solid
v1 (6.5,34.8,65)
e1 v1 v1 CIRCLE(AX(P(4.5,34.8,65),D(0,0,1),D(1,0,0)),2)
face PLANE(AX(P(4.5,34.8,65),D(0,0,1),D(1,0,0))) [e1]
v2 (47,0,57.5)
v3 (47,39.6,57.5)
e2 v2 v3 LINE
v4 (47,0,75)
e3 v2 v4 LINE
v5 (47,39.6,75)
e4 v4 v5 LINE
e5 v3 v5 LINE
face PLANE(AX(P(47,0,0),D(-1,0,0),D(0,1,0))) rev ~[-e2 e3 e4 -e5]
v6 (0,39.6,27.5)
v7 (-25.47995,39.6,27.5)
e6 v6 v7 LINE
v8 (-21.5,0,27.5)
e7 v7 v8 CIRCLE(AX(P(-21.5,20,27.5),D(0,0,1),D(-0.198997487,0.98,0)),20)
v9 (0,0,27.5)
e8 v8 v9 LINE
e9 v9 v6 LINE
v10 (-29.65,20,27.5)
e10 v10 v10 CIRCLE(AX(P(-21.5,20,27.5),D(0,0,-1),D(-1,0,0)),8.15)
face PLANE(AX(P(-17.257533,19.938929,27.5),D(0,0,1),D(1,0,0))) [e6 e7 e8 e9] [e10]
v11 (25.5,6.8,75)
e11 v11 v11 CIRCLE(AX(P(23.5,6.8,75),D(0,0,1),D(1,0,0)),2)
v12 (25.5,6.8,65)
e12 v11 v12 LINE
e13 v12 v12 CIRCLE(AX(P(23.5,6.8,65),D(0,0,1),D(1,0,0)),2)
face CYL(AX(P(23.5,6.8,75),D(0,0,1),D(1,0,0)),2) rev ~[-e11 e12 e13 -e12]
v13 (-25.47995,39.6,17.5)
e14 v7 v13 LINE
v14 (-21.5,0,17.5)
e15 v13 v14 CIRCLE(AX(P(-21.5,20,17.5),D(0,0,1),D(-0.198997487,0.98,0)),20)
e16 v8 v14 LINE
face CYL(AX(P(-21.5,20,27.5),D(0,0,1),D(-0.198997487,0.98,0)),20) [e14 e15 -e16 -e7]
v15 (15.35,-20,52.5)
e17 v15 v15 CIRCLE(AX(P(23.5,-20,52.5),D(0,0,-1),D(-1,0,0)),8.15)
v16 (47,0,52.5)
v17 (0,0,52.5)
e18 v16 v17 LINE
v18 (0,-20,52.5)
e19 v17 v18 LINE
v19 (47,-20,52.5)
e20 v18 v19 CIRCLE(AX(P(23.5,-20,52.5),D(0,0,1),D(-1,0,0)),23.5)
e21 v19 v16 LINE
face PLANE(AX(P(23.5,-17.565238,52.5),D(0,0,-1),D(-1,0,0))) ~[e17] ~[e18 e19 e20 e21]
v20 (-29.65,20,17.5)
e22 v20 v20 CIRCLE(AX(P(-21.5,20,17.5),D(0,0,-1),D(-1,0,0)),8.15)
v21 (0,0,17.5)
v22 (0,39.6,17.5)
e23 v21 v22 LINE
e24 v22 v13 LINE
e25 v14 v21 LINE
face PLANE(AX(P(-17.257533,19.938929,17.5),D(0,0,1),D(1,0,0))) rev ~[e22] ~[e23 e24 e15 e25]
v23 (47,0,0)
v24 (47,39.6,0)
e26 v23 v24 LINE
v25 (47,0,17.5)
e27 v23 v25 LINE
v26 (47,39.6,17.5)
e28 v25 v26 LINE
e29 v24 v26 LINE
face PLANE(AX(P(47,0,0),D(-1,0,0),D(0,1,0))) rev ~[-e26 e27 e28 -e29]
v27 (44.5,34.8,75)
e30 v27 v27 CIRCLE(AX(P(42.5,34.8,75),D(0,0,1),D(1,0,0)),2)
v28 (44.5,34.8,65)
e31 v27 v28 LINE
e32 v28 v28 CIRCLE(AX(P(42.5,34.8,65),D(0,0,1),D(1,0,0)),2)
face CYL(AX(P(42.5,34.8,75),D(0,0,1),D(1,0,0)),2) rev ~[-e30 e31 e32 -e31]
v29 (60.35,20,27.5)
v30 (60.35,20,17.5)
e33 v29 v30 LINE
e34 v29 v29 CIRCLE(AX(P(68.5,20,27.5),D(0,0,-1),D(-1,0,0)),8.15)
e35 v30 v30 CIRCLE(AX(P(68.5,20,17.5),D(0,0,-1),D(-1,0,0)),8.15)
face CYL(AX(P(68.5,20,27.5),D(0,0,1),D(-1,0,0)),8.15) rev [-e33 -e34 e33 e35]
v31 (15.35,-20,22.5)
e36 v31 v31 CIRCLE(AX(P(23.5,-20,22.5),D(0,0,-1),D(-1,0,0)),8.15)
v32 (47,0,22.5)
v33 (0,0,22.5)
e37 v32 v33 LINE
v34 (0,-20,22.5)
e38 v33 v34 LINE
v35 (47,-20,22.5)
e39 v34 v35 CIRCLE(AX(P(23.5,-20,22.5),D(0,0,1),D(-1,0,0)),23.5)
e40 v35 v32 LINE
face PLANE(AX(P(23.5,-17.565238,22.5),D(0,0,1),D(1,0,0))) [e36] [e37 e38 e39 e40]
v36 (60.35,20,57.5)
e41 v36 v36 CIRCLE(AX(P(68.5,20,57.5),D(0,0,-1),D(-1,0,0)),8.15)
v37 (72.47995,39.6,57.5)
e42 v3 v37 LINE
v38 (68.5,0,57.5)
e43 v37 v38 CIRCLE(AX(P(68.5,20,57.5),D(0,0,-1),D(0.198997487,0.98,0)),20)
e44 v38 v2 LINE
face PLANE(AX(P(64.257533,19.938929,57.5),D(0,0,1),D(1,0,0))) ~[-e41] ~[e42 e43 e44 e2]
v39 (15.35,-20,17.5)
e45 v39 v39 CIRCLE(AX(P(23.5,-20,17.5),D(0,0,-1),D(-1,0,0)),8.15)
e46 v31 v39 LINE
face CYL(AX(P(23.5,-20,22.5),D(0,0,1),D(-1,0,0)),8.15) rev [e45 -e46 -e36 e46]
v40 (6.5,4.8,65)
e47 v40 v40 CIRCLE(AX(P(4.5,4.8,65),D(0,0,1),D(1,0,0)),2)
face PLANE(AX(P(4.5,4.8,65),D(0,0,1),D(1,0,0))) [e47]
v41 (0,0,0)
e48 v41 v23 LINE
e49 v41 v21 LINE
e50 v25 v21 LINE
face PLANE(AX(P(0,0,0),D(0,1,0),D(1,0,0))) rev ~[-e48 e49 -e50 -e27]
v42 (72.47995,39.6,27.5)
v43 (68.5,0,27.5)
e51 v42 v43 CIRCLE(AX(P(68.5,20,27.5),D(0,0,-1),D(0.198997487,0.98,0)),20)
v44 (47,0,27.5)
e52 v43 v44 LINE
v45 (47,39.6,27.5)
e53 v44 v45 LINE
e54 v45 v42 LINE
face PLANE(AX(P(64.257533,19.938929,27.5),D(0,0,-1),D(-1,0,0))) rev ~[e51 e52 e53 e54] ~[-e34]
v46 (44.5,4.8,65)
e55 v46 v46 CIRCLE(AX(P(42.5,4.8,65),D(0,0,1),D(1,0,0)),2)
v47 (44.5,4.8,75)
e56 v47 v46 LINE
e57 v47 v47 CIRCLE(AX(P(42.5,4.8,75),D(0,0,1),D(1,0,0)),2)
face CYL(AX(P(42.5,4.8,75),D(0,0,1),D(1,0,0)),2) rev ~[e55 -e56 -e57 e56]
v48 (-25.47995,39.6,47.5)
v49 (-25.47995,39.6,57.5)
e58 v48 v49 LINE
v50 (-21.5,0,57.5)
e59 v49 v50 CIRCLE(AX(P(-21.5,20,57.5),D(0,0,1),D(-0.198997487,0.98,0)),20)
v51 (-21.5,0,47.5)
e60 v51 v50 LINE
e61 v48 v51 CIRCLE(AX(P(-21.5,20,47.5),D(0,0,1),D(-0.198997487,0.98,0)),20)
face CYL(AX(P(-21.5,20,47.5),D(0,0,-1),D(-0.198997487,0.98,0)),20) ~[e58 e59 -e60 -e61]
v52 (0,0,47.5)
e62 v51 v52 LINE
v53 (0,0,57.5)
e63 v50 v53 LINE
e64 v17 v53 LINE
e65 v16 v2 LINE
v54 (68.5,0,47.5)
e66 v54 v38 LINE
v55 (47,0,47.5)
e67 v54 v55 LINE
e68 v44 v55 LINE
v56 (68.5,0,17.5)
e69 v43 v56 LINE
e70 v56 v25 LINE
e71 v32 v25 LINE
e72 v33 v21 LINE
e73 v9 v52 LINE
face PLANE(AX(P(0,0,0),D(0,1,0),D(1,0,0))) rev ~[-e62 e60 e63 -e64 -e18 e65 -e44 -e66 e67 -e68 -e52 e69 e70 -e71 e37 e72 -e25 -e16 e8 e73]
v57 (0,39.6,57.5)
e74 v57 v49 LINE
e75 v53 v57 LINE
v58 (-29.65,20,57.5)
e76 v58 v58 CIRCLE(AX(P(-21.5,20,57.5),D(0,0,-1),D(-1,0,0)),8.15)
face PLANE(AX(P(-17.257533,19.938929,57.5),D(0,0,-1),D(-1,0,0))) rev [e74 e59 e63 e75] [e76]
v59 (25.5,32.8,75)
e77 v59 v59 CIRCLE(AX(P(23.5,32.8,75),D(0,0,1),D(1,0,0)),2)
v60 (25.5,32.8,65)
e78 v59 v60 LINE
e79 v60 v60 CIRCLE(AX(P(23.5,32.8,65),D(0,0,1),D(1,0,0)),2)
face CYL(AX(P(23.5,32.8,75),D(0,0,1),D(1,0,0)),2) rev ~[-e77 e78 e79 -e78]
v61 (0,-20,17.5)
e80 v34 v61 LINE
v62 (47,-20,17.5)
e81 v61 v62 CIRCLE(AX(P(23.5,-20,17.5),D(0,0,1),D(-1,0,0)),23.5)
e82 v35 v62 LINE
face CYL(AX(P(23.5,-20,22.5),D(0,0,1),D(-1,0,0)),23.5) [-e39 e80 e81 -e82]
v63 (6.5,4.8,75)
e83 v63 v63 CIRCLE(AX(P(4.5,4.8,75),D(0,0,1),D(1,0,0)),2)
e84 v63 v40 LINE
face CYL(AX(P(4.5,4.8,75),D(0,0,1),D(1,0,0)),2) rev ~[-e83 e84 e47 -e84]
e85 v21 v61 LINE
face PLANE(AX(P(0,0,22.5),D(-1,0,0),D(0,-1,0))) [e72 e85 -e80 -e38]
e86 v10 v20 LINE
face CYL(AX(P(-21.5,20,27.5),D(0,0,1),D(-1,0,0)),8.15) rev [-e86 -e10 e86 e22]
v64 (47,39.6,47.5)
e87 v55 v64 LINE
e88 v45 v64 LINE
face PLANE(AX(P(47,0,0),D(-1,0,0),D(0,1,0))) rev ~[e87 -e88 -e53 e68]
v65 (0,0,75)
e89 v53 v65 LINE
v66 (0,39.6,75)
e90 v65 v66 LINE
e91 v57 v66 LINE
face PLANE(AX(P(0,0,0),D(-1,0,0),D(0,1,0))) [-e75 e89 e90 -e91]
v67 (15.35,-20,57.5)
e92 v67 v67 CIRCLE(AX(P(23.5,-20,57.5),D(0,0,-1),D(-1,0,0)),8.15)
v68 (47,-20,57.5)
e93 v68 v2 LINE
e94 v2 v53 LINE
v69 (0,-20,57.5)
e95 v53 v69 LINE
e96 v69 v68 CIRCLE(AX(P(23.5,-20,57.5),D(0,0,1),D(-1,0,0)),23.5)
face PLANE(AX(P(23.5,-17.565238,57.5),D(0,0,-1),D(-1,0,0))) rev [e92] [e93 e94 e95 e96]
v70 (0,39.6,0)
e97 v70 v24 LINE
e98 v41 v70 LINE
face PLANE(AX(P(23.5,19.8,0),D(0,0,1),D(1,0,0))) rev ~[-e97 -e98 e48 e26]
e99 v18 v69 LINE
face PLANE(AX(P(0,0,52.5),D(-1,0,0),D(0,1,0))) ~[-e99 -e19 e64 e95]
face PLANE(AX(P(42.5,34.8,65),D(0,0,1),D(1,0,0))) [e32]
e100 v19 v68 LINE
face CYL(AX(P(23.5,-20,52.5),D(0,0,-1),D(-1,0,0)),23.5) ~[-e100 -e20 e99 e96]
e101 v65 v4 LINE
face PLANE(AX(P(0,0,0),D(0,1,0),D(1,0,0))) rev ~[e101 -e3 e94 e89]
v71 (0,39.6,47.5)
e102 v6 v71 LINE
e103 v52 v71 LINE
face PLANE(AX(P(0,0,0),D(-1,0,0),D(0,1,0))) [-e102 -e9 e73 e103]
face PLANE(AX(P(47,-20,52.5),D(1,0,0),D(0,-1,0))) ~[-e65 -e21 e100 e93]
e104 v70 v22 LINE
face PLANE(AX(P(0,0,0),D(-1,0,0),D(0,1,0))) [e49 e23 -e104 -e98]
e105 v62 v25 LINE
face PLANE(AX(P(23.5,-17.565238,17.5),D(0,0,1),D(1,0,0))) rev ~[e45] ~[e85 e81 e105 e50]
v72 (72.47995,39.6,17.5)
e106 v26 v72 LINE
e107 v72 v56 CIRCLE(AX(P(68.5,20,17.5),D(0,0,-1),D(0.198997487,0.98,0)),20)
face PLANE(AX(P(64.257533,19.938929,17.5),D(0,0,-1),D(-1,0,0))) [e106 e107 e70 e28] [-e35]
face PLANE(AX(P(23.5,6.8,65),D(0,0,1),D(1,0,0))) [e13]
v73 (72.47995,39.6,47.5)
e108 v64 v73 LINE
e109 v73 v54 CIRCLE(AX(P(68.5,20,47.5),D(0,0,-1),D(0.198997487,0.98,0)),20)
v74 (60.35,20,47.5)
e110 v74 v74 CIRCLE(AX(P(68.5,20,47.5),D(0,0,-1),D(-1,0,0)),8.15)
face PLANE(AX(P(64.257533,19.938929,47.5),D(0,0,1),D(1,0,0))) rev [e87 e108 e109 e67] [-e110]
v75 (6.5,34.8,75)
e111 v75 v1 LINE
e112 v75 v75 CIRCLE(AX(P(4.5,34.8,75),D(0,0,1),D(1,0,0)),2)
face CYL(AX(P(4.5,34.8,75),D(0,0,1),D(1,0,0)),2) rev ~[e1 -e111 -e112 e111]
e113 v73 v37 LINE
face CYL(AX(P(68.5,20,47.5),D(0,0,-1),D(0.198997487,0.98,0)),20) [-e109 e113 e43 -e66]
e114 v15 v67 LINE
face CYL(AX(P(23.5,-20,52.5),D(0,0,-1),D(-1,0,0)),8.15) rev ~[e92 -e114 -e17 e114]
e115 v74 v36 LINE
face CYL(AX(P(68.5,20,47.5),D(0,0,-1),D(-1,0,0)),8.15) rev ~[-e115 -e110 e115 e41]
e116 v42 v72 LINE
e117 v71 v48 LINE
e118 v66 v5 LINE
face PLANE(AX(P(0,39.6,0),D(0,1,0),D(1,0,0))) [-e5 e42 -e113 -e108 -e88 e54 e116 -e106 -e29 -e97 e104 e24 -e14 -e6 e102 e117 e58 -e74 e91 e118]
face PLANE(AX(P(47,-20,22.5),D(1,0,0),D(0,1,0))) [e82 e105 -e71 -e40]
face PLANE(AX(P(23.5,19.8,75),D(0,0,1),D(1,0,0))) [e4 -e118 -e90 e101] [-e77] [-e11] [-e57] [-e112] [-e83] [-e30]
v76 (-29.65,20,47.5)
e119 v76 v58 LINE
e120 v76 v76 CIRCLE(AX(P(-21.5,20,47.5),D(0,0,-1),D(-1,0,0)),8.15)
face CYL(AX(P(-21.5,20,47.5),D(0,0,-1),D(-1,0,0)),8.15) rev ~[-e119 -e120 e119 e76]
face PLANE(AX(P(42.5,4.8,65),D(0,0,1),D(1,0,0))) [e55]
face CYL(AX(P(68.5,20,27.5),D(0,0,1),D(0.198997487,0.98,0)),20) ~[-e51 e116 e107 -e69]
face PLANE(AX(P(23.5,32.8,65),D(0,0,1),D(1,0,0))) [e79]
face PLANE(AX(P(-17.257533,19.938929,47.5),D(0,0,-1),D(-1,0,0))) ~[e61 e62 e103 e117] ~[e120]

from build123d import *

# Parameters (mm, degrees)
SZKIC1_W                    = 47
SZKIC1_H                    = 39.6
DODANIE_WYCI_GNI_CIE3_DEPTH = 75
SZKIC4_R                    = 8.15
DODANIE_WYCI_GNI_CIE4_DEPTH = 10
SZKIC5_R                    = 8.15
DODANIE_WYCI_GNI_CIE5_DEPTH = 5
SZKIC6_R                    = 2
WYTNIJ_WYCI_GNI_CIE1_DEPTH  = 10


with BuildPart() as part:
    # Szkic1 → Dodanie-wyciągnięcie3 (new body)
    with BuildSketch(Plane.XY):
        with Locations((23.5, 19.8)):
            Rectangle(SZKIC1_W, SZKIC1_H)
    extrude(amount=DODANIE_WYCI_GNI_CIE3_DEPTH)

    # Szkic4 → Dodanie-wyciągnięcie4 (add)
    with BuildSketch(Plane(origin=(0, 0, 27.5), x_dir=(-1, 0, 0), z_dir=(0, 0, -1))):
        with BuildLine():
            Line((-47, 39.6), (-72.479949748, 39.6))
            ThreePointArc((-72.479949748, 39.6), (-88.399748742, 18), (-68.5, 0))
            Line((-68.5, 0), (-47, 0))
            Line((-47, 0), (-47, 39.6))
        make_face()
        with Locations((-68.5, 20)):
            Circle(SZKIC4_R, mode=Mode.SUBTRACT)
        with BuildLine():
            Line((21.5, 0), (0, 0))
            Line((0, 0), (0, 39.6))
            Line((0, 39.6), (25.479949748, 39.6))
            ThreePointArc((25.479949748, 39.6), (41.399748742, 18), (21.5, 0))
        make_face()
        with Locations((21.5, 20)):
            Circle(SZKIC4_R, mode=Mode.SUBTRACT)
    dodanie_wyci_gni_cie4 = extrude(amount=DODANIE_WYCI_GNI_CIE4_DEPTH)

    # Lustro1: Dodanie-wyciągnięcie4 across plane
    add(dodanie_wyci_gni_cie4.mirror(Plane(origin=(0, 0, 37.5), x_dir=(1, 0, 0), z_dir=(0, 0, -1))))

    # Szkic5 → Dodanie-wyciągnięcie5 (add)
    with BuildSketch(Plane(origin=(0, 0, 22.5), x_dir=(-1, 0, 0), z_dir=(0, 0, -1))):
        with BuildLine():
            Line((-47, 0), (0, 0))
            Line((0, 0), (0, -20))
            ThreePointArc((0, -20), (-23.5, -43.5), (-47, -20))
            Line((-47, -20), (-47, 0))
        make_face()
        with Locations((-23.5, -20)):
            Circle(SZKIC5_R, mode=Mode.SUBTRACT)
    dodanie_wyci_gni_cie5 = extrude(amount=DODANIE_WYCI_GNI_CIE5_DEPTH)

    # Lustro2: Dodanie-wyciągnięcie5 across plane
    add(dodanie_wyci_gni_cie5.mirror(Plane(origin=(0, 0, 37.5), x_dir=(1, 0, 0), z_dir=(0, 0, -1))))

    # Szkic6 → Wytnij-wyciągnięcie1 (cut)
    with BuildSketch(Plane.XY.offset(75)):
        with Locations((4.5, 4.8)):
            Circle(SZKIC6_R)
        with Locations((4.5, 34.8)):
            Circle(SZKIC6_R)
        with Locations((42.5, 34.8)):
            Circle(SZKIC6_R)
        with Locations((42.5, 4.8)):
            Circle(SZKIC6_R)
        with Locations((23.5, 32.8)):
            Circle(SZKIC6_R)
        with Locations((23.5, 6.8)):
            Circle(SZKIC6_R)
    extrude(amount=-WYTNIJ_WYCI_GNI_CIE1_DEPTH, mode=Mode.SUBTRACT)


solid = part.part
